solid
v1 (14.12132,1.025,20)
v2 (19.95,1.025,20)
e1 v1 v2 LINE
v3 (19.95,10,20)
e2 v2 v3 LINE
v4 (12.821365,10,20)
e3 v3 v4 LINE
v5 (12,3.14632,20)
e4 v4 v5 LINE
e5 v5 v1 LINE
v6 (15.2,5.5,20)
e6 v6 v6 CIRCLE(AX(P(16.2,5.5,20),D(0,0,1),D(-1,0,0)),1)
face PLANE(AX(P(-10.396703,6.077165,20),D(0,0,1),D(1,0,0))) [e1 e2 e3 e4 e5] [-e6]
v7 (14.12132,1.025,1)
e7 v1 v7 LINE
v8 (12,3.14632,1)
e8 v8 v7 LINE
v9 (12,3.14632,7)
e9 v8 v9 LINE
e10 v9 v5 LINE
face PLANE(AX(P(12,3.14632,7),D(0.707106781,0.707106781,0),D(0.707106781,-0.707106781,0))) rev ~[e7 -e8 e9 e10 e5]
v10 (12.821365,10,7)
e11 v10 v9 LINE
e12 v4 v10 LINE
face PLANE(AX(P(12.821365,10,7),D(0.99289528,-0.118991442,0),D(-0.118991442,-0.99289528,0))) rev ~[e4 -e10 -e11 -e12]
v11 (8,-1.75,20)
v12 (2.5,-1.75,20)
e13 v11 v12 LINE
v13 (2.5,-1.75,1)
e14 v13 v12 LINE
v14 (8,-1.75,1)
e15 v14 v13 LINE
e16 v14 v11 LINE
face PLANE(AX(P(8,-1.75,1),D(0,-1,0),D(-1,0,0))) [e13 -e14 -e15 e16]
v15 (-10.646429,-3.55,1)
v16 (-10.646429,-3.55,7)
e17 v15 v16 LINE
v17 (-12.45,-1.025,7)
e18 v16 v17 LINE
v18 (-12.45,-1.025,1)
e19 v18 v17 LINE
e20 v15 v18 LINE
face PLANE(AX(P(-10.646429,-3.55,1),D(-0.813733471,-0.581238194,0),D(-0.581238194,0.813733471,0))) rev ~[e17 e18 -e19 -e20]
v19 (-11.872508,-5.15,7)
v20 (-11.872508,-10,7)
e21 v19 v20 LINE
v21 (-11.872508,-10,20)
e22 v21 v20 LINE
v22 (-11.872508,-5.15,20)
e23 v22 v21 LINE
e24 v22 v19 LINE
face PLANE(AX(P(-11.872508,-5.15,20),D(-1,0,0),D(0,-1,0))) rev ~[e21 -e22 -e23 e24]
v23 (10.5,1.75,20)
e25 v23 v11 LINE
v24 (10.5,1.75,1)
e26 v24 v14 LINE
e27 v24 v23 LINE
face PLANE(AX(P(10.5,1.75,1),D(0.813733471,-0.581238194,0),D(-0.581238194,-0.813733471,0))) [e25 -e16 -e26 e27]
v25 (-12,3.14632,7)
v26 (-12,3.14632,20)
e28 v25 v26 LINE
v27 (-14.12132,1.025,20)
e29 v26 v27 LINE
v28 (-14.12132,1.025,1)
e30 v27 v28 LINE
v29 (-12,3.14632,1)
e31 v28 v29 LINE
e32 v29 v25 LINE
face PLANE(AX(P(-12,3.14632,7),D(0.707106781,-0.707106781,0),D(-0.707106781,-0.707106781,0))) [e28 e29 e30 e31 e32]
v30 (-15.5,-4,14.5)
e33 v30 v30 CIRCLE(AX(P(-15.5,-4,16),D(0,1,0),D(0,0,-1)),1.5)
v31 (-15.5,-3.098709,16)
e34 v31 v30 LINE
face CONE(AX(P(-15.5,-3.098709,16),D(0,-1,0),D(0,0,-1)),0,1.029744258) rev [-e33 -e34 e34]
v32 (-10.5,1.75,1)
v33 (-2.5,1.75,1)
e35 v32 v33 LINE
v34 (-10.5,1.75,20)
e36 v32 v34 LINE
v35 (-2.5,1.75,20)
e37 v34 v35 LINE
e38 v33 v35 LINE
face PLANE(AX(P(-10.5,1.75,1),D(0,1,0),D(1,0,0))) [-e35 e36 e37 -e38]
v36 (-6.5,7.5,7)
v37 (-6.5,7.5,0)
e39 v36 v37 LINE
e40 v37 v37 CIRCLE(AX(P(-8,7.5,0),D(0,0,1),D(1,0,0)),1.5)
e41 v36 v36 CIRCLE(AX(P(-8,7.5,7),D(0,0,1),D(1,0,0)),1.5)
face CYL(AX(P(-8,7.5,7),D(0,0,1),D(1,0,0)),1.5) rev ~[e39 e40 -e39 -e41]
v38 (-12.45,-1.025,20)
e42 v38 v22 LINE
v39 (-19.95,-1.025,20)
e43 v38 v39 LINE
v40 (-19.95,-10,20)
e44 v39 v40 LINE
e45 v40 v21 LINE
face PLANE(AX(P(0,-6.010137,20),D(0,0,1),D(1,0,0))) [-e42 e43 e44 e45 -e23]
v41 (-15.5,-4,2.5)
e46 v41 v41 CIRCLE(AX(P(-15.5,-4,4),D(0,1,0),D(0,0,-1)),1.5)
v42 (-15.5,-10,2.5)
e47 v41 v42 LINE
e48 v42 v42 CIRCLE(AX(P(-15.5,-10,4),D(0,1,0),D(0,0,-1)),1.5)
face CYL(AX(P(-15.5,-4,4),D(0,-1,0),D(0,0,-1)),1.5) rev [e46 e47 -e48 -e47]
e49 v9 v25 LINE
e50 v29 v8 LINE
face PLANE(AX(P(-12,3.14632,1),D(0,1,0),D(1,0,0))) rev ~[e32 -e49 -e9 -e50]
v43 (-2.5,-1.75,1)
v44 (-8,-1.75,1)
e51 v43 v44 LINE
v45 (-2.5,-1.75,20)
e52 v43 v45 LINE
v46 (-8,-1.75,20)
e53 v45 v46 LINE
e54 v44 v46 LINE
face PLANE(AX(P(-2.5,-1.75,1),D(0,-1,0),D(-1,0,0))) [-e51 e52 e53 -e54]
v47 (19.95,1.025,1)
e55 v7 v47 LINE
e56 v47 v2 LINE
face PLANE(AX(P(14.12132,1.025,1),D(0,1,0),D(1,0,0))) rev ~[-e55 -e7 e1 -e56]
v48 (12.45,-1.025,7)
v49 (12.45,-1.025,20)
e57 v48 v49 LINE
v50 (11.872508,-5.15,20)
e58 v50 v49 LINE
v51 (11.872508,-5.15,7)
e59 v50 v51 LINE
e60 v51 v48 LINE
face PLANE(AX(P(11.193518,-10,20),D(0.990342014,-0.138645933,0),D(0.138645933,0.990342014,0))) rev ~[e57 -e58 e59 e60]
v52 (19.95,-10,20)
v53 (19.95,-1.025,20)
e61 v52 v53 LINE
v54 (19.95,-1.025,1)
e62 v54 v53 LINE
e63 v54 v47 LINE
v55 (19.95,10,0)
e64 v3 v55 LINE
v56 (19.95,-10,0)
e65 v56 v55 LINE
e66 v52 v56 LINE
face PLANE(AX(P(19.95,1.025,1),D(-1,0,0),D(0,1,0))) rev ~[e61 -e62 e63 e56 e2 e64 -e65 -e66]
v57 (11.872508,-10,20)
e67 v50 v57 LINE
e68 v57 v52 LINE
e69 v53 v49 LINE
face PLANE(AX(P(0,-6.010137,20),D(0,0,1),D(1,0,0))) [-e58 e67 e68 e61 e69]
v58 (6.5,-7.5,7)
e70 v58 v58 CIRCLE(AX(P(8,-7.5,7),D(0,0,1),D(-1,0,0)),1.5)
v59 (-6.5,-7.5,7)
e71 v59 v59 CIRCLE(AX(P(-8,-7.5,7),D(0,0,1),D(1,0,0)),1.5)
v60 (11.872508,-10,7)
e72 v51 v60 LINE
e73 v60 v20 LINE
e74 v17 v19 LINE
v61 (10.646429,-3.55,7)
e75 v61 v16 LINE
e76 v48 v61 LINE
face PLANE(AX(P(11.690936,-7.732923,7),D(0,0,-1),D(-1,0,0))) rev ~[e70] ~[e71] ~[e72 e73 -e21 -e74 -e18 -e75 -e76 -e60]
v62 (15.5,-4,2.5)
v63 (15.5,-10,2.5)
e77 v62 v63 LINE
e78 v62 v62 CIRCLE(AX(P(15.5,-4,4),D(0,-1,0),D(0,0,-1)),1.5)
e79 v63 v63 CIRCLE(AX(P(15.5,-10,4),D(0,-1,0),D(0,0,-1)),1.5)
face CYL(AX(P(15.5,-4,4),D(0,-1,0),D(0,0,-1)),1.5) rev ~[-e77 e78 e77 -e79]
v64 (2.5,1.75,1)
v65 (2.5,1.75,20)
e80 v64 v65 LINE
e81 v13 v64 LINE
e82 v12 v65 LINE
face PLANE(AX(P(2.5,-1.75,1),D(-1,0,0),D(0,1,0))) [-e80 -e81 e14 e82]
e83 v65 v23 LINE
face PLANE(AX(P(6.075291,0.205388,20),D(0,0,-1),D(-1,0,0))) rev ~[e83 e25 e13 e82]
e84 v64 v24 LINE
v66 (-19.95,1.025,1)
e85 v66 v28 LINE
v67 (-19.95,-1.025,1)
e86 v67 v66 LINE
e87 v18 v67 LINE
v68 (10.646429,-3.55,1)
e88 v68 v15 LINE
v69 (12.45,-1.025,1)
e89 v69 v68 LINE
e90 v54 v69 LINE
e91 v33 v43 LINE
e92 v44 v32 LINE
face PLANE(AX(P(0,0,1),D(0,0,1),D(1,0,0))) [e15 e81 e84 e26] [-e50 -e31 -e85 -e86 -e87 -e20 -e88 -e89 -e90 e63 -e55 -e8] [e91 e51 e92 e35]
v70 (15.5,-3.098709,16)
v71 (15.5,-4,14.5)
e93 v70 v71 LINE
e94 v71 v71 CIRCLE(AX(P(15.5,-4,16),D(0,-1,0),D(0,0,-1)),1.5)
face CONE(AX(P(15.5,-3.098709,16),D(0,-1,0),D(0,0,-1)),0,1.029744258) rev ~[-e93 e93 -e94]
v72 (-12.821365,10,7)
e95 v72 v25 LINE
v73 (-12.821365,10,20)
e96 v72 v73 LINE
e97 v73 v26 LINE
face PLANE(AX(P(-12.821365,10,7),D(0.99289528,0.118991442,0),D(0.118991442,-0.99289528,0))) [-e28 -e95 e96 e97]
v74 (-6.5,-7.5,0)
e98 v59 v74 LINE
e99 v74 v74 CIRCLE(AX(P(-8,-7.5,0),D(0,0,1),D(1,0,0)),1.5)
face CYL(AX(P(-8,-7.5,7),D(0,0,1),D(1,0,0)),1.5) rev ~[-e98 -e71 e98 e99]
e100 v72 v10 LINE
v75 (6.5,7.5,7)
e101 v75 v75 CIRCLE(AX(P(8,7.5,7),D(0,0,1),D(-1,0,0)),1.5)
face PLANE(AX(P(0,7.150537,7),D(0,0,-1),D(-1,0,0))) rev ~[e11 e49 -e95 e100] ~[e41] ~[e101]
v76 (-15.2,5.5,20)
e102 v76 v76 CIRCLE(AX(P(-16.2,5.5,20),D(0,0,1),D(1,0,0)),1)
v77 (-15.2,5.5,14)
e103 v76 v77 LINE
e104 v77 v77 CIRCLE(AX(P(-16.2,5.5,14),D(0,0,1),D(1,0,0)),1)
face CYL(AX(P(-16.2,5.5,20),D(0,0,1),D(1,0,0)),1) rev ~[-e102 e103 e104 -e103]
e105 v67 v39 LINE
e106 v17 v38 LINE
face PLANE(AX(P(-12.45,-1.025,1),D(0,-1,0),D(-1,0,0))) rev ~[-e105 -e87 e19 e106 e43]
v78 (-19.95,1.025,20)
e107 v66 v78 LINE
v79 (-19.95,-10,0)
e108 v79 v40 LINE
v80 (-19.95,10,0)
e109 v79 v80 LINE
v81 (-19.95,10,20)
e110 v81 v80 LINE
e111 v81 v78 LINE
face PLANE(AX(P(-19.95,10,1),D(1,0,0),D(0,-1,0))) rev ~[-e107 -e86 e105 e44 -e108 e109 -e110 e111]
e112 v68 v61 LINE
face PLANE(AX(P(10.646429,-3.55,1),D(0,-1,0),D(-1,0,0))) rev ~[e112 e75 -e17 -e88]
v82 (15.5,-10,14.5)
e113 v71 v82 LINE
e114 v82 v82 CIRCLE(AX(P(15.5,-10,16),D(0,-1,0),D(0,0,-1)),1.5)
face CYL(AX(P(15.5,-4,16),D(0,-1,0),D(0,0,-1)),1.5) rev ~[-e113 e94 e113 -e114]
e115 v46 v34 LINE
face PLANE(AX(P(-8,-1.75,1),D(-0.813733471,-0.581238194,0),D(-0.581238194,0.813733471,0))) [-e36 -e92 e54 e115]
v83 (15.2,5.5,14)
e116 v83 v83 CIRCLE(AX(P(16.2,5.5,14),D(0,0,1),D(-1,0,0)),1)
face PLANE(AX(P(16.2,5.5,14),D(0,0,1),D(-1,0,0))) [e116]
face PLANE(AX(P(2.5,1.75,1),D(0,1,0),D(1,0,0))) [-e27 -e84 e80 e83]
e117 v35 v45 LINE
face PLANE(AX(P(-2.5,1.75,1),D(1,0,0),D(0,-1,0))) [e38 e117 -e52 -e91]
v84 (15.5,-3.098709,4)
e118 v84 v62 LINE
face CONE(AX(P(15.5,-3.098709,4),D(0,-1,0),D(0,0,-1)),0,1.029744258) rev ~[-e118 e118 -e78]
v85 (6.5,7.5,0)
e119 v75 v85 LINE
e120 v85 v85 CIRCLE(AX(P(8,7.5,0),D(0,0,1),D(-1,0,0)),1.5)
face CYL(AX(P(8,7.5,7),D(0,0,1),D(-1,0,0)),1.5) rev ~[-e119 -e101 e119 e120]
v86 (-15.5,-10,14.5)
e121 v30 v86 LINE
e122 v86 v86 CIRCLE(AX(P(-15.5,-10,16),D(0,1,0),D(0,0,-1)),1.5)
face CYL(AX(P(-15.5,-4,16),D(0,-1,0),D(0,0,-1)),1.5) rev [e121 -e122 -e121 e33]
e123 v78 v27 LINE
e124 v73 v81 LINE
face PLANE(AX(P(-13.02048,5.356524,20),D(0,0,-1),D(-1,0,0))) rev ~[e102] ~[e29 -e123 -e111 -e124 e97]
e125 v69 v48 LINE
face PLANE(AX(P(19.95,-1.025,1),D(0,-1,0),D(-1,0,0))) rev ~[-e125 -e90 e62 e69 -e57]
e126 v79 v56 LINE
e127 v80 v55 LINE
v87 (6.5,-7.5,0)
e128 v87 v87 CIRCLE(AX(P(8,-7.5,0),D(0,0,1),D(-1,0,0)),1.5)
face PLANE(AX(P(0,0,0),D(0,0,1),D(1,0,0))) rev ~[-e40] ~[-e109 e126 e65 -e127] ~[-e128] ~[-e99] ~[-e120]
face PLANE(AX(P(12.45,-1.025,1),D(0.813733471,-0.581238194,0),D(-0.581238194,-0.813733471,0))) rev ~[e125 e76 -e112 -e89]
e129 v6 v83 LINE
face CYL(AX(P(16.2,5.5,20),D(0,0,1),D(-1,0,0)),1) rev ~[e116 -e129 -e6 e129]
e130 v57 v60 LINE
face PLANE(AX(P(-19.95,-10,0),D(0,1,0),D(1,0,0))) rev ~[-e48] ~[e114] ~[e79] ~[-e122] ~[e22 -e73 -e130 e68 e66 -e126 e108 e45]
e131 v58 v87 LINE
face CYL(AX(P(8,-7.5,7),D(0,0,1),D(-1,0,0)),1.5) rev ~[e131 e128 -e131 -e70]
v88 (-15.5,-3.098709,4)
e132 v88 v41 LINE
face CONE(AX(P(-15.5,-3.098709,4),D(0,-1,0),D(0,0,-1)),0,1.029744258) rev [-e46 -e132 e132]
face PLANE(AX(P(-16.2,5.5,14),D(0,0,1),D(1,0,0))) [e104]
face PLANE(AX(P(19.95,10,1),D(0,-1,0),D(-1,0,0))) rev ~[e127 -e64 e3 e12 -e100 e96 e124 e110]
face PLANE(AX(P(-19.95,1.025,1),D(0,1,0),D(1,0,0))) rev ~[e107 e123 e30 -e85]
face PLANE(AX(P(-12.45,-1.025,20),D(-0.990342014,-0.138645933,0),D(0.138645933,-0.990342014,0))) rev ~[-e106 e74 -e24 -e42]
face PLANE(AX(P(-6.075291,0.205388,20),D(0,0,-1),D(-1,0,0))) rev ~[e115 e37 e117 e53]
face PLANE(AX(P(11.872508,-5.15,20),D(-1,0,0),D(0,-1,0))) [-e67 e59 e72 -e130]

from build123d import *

# Parameters (mm, degrees)
SKETCH_1_W           = 39.9
SKETCH_1_H           = 20
EXTRUDE_1_DEPTH      = 1
EXTRUDE_4_DEPTH      = 19
CUT_EXTRUDE_1_DEPTH  = 13
F_3_0MM_3_AT_2_COUNT = 2
F_3_0MM_3_AT_2_PITCH = 12
EXTRUDE_5_DEPTH      = 13
CUT_EXTRUDE_2_DEPTH  = 13
SKETCH_27_R          = 1
CUT_EXTRUDE_3_DEPTH  = 6
SKETCH_28_R          = 1.5
CUT_EXTRUDE_4_DEPTH  = 26.82639154


with BuildPart() as part:
    # 草图1 → 凸台-拉伸1 (new body)
    with BuildSketch(Plane.XY):
        Rectangle(SKETCH_1_W, SKETCH_1_H)
    extrude(amount=EXTRUDE_1_DEPTH)

    # 草图2 → 凸台-拉伸4 (add)
    with BuildSketch(Plane.XY.offset(1)):
        Polygon((-19.95, 10), (-19.95, 1.025), (-14.121320344, 1.025), (-12, 3.146320344), (0, 3.146320344), (0, 10), align=None)
        Polygon((19.95, 10), (0, 10), (0, 3.146320344), (12, 3.146320344), (14.121320344, 1.025), (19.95, 1.025), align=None)
        Polygon((-8, -1.75), (-10.5, 1.75), (-2.5, 1.75), (-2.5, -1.75), align=None)
        Polygon((2.5, -1.75), (2.5, 1.75), (10.5, 1.75), (8, -1.75), align=None)
        Polygon((-12.45, -1.025), (-19.95, -1.025), (-19.95, -10), (19.95, -10), (19.95, -1.025), (12.45, -1.025), (10.646428571, -3.55), (-10.646428571, -3.55), align=None)
    extrude(amount=EXTRUDE_4_DEPTH)

    # 草图4 → 切除-拉伸1 (cut)
    with BuildSketch(Plane.XY.offset(20)):
        Polygon((-12.45, -1.025), (-11.193517665, -10), (0, -13.387486255), (11.193517665, -10), (12.45, -1.025), (10.646428571, -3.55), (-10.646428571, -3.55), align=None)
        Polygon((-14.121320344, 1.025), (-12.45, 12.563933046), (12.45, 12.563933046), (14.121320344, 1.025), (12, 3.146320344), (-12, 3.146320344), align=None)
    extrude(amount=-CUT_EXTRUDE_1_DEPTH, mode=Mode.SUBTRACT)

    # 草图22 → Ø3.0mm 暗销孔3 (revolve, cut)
    with BuildSketch(Plane(origin=(-15.5, -10, 16), x_dir=(0, 0, -1), z_dir=(1, 0, 0))):
        Polygon((0, 0), (0, 6.901290929), (1.5, 6), (1.5, 0), align=None)
    f_3_0mm_3 = revolve(axis=Axis((-15.5, -16.35, 16), (0, 1, 0)), mode=Mode.SUBTRACT)

    # Ø3.0mm 暗销孔3 at 2: Ø3.0mm 暗销孔3 ×2
    with Locations(*[(0, 0, -i * F_3_0MM_3_AT_2_PITCH) for i in range(1, F_3_0MM_3_AT_2_COUNT)]):
        add(f_3_0mm_3, mode=Mode.SUBTRACT)

    # 镜向3: Ø3.0mm 暗销孔3 across plane
    add(f_3_0mm_3.mirror(Plane(origin=(0, 0, 0), x_dir=(0, 0, 1), z_dir=(1, 0, 0))), mode=Mode.SUBTRACT)

    # 镜向3 copy 1 sketch → 镜向3 copy 1 (revolve, cut)
    with BuildSketch(Plane(origin=(15.5, -10, 4), x_dir=(0, 0, -1), z_dir=(-1, 0, 0))):
        Polygon((0, 0), (0, -6.901290929), (1.5, -6), (1.5, 0), align=None)
    revolve(axis=Axis((15.5, -16.35, 4), (0, -1, 0)), mode=Mode.SUBTRACT)

    # 草图25 → 凸台-拉伸5 (add)
    with BuildSketch(Plane.XY.offset(7)):
        Polygon((-12.821364791, 10), (-12, 3.146320344), (-14.121320344, 1.025), align=None)
        Polygon((12, 3.146320344), (14.121320344, 1.025), (12.821364791, 10), align=None)
    extrude(amount=EXTRUDE_5_DEPTH)

    # 草图26 → 切除-拉伸2 (cut)
    with BuildSketch(Plane.XY.offset(20)):
        Polygon((-11.872508119, -5.15), (-11.872508119, -10), (-11.193517665, -10), align=None)
        Polygon((11.193517665, -10), (11.872508119, -5.15), (11.872508119, -10), align=None)
    extrude(amount=-CUT_EXTRUDE_2_DEPTH, mode=Mode.SUBTRACT)

    # 草图27 → 切除-拉伸3 (cut)
    with BuildSketch(Plane.XY.offset(20)):
        with Locations((-16.2, 5.5)):
            Circle(SKETCH_27_R)
        with Locations(Location((16.2, 5.5, 0), (0, 0, 180))):
            Circle(SKETCH_27_R)
    extrude(amount=-CUT_EXTRUDE_3_DEPTH, mode=Mode.SUBTRACT)

    # 草图28 → 切除-拉伸4 (cut, through all)
    with BuildSketch(Plane.XY.offset(7)):
        with Locations((-8, 7.5)):
            Circle(SKETCH_28_R)
        with Locations((-8, -7.5)):
            Circle(SKETCH_28_R)
        with Locations(Location((8, -7.5, 0), (0, 0, 180))):
            Circle(SKETCH_28_R)
        with Locations(Location((8, 7.5, 0), (0, 0, 180))):
            Circle(SKETCH_28_R)
    extrude(amount=-CUT_EXTRUDE_4_DEPTH, mode=Mode.SUBTRACT)


solid = part.part
